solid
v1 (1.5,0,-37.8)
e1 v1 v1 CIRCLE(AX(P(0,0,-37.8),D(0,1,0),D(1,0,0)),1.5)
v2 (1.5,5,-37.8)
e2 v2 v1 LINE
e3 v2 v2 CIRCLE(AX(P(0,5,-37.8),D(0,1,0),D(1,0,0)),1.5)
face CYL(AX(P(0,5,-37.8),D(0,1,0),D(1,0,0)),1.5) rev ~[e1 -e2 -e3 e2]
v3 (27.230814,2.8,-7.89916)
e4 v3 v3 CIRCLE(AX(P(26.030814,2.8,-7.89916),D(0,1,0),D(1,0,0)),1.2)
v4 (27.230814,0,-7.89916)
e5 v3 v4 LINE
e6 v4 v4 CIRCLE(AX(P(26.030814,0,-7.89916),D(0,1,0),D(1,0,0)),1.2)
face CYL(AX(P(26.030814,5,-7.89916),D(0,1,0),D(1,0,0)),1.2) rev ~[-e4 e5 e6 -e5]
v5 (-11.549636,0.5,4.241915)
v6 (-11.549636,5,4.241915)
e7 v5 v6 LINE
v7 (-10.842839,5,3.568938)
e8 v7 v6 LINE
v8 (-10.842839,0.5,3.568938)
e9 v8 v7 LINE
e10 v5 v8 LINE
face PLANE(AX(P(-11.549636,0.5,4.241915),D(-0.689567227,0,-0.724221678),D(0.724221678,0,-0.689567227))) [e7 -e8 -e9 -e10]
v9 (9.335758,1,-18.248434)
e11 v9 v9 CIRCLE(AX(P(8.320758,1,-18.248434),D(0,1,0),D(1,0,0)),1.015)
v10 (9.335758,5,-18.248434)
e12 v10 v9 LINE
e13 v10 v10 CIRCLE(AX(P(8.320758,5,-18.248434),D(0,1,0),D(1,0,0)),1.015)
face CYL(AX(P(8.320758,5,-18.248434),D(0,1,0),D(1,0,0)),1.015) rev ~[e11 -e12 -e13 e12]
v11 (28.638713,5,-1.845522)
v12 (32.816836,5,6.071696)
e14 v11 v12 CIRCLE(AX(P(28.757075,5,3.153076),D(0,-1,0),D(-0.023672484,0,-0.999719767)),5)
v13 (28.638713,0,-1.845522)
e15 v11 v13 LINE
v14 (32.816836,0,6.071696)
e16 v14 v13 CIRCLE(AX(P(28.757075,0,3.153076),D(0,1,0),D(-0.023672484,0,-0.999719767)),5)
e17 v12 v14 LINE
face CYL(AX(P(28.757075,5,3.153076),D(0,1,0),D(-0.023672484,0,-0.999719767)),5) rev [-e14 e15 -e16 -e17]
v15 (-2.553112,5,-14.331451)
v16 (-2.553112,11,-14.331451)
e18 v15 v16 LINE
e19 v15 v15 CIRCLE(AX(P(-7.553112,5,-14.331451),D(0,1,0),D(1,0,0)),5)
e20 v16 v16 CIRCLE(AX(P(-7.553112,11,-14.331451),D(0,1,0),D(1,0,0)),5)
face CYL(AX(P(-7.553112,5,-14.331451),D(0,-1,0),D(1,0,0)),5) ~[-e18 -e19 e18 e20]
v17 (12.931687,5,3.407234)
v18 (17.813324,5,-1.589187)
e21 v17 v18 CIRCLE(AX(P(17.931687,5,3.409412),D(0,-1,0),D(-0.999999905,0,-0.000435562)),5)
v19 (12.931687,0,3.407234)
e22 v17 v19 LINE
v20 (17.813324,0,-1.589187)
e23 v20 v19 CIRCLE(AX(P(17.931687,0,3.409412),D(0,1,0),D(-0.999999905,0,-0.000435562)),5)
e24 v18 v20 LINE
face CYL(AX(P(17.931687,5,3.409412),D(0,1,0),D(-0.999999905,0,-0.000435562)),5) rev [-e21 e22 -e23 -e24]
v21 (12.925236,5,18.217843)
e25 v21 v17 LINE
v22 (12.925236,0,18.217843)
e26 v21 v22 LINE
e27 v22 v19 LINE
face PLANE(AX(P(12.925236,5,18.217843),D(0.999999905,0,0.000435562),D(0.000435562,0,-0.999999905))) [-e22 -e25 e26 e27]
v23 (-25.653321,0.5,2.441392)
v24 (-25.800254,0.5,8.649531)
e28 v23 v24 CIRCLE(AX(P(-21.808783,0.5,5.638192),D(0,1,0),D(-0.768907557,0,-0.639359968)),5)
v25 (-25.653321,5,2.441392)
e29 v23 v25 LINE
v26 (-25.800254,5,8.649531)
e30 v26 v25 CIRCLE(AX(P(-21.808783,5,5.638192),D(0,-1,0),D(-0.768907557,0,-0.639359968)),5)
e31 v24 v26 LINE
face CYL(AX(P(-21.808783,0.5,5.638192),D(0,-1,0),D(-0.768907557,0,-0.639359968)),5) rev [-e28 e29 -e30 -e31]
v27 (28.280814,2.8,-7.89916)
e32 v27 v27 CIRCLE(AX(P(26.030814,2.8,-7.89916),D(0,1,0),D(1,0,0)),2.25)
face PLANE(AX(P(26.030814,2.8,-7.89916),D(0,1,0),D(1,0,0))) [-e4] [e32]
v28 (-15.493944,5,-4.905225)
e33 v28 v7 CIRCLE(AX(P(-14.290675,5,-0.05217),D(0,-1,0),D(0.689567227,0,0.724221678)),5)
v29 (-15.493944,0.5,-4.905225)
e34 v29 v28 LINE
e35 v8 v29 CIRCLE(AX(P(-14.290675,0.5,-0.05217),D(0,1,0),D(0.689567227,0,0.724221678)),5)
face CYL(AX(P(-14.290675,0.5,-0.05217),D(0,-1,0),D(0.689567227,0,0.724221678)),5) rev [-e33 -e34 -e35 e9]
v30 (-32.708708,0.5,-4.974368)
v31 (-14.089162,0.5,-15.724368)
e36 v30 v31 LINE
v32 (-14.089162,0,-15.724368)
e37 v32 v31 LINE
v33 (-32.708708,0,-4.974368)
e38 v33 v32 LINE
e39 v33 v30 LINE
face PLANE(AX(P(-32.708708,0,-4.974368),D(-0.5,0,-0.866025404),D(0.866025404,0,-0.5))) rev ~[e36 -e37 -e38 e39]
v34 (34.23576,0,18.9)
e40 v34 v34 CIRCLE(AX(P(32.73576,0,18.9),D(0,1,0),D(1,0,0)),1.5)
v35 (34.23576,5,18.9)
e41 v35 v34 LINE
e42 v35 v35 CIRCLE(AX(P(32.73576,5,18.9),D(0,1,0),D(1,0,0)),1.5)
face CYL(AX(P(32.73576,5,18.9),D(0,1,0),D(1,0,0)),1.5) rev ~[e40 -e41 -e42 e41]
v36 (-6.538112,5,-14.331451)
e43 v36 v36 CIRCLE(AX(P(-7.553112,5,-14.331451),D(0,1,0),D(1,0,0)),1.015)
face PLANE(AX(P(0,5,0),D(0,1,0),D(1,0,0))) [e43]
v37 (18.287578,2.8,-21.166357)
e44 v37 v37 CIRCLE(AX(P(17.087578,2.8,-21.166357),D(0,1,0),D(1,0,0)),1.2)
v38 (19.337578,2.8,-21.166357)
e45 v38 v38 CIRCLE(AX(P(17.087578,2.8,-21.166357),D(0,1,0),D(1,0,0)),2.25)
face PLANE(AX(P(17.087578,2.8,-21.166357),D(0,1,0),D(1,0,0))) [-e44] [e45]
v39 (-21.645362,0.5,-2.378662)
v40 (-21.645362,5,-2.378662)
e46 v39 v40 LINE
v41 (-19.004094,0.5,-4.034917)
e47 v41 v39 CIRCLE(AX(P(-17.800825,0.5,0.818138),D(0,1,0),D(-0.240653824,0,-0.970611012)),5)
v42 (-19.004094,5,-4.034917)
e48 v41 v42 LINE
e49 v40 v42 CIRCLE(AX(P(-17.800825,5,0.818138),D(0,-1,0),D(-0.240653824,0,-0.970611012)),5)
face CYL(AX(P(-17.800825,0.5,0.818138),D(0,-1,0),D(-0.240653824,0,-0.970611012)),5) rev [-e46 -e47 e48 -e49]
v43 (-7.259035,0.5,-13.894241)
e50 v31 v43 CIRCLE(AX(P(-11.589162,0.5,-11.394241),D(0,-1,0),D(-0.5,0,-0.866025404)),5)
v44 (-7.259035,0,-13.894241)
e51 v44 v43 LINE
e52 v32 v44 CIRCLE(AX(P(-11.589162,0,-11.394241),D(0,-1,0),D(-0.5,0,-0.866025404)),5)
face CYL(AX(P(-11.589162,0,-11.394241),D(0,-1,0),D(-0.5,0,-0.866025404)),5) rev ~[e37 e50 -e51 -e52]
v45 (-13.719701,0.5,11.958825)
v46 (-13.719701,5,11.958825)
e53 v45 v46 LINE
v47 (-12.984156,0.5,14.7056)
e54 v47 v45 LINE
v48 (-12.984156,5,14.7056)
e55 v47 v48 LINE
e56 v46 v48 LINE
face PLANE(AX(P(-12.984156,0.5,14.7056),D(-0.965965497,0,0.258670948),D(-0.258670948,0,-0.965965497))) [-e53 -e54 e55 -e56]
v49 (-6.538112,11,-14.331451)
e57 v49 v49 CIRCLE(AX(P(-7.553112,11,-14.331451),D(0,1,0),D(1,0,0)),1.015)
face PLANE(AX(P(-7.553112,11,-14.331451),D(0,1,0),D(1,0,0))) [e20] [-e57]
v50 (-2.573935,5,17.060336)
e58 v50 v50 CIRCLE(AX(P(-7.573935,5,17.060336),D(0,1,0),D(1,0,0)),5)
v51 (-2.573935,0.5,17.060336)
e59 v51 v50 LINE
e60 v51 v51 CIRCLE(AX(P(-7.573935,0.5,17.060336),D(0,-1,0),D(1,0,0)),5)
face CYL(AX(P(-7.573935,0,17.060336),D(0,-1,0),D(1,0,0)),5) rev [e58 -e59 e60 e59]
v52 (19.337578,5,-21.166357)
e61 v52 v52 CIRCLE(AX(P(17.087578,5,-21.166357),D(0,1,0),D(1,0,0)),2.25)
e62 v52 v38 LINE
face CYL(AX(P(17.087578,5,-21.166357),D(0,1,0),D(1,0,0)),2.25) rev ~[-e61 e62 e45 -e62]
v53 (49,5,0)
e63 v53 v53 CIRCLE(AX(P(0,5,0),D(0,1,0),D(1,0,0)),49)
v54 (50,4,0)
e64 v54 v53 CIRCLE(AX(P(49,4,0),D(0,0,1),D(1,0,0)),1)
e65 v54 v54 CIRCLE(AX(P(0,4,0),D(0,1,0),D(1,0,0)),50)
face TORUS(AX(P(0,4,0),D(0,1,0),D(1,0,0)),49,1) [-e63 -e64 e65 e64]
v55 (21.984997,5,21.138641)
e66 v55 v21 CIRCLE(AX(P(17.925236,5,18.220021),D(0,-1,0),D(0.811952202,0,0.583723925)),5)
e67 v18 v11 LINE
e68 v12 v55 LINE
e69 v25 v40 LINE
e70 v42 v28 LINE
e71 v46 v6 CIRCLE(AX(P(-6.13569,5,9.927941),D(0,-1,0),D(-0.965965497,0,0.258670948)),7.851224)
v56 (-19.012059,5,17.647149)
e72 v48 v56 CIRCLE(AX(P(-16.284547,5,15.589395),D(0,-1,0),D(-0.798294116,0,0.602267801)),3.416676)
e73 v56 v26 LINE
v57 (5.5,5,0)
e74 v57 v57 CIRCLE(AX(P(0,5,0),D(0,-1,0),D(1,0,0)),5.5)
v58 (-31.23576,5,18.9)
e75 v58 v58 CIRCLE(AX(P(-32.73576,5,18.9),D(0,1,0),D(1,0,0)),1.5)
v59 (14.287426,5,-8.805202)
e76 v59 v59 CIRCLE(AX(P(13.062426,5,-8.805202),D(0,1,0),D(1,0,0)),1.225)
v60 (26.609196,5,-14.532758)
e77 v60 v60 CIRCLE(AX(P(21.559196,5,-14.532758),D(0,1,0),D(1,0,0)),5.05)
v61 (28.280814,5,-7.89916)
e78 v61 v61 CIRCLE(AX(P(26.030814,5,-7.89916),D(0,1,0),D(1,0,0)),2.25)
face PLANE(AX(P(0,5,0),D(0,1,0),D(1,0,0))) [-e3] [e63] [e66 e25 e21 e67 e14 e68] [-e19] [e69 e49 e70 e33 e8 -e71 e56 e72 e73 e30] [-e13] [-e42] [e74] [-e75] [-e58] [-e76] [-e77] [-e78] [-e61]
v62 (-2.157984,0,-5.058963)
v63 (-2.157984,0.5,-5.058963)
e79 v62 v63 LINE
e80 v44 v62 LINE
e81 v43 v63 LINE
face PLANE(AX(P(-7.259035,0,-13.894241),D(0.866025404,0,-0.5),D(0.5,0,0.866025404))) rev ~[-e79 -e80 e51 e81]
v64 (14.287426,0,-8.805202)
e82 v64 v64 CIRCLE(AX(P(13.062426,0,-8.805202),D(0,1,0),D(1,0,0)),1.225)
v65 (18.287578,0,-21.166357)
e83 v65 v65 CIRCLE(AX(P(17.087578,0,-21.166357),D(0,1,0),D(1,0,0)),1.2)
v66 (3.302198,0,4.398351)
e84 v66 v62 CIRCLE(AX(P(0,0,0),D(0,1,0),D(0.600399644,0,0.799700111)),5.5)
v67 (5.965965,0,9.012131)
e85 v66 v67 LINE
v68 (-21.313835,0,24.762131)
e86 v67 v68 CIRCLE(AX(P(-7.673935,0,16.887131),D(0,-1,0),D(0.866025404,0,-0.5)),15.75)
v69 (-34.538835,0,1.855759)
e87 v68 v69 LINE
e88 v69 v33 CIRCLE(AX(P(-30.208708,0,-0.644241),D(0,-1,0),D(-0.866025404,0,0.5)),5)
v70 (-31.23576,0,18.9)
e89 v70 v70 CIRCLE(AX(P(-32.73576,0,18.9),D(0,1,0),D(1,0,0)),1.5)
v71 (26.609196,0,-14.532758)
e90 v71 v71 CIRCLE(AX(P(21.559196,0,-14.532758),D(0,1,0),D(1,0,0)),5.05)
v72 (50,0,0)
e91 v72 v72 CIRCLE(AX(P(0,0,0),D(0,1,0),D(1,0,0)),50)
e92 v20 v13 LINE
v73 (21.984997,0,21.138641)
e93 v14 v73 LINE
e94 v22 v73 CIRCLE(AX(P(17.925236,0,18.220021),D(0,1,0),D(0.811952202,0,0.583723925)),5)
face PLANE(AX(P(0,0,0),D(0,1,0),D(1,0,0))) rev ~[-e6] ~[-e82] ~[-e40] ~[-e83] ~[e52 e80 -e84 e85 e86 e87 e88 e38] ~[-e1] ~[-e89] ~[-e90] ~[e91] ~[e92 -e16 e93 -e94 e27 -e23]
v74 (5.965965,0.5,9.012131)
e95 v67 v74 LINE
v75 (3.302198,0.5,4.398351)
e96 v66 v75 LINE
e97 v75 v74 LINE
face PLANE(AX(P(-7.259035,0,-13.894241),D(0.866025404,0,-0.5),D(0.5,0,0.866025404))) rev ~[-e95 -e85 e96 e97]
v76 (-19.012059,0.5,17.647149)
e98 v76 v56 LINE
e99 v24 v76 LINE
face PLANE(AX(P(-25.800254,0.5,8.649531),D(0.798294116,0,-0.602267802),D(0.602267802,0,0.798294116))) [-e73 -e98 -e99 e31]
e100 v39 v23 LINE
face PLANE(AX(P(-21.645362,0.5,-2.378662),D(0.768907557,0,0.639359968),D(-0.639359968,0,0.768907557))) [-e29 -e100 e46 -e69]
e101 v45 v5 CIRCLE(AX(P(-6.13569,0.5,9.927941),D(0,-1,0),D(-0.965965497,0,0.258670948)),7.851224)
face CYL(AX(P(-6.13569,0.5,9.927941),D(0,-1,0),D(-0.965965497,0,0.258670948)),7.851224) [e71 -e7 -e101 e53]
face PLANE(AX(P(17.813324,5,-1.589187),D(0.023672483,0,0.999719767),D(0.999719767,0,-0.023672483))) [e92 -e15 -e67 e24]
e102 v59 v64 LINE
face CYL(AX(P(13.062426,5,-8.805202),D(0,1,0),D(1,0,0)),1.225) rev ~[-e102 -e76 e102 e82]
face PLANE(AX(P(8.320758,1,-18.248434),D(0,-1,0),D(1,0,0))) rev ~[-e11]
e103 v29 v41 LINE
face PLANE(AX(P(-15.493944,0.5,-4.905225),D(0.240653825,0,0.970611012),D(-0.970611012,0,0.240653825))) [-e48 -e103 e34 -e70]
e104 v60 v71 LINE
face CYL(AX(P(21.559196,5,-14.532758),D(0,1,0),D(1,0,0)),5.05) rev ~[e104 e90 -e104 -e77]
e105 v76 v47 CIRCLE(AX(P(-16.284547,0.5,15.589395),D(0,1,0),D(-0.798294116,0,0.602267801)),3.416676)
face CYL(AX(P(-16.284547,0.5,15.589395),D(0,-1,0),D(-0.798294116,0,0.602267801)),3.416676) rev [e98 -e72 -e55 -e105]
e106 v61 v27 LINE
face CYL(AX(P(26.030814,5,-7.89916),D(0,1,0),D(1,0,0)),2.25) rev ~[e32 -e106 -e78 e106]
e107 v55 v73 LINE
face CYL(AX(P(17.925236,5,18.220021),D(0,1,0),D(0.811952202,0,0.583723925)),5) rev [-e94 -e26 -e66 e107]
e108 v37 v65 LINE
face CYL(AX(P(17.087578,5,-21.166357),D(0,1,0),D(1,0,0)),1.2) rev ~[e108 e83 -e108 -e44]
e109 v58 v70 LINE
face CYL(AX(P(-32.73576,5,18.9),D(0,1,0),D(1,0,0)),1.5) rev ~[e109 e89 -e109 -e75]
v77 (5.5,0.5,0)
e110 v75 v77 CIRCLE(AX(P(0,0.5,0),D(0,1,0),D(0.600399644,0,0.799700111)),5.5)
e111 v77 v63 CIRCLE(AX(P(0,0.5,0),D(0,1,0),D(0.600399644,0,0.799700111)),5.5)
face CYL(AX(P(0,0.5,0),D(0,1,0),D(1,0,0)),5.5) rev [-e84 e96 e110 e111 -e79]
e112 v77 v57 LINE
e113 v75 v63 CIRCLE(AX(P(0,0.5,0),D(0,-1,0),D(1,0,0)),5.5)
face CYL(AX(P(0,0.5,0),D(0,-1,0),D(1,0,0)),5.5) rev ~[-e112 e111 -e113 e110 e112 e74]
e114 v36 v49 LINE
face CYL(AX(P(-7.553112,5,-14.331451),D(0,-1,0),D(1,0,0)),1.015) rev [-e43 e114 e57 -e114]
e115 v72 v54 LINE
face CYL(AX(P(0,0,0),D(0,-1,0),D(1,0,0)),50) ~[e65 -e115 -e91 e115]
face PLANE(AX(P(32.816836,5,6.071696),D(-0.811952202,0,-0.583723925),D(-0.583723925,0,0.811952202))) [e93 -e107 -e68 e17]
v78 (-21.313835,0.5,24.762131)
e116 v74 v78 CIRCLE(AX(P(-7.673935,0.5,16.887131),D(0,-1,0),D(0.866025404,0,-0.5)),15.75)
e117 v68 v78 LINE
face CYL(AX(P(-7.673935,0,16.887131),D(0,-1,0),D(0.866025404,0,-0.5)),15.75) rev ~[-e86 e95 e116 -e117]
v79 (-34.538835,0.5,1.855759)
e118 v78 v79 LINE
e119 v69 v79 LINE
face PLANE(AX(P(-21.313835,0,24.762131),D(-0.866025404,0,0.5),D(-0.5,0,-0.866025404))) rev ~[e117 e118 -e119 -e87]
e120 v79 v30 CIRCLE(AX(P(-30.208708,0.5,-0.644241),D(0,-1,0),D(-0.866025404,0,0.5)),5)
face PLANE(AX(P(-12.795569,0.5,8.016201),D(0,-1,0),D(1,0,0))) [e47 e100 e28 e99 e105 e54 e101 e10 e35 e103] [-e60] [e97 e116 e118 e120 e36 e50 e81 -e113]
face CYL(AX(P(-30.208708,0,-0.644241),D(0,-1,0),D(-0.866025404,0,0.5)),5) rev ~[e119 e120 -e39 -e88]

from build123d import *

# Parameters (mm, degrees)
SKETCH1_R                = 50
SKETCH1_R_2              = 5
BOSS_EXTRUDE1_DEPTH      = 5
SKETCH2_R                = 1.2
SKETCH2_R_2              = 1.225
SKETCH2_R_3              = 5.05
SKETCH2_R_4              = 1.015
CUT_EXTRUDE1_DEPTH       = 10
SKETCH5_R                = 5
SKETCH5_R_2              = 1.015
BOSS_EXTRUDE2_DEPTH      = 6
SKETCH9_R                = 2.357259082
BOSS_EXTRUDE4_DEPTH      = 1
FILLET1_R                = 1
SKETCH10_R               = 1.5
CUT_EXTRUDE3_DEPTH       = 2.2
CUT_EXTRUDE3_DEPTH_BACK  = 16
CUT_EXTRUDE6_DEPTH       = 0.5
CUT_EXTRUDE7_DEPTH       = 10
CUT_EXTRUDE9_DEPTH       = 10
CUT_EXTRUDE9_DEPTH_BACK  = 10
SKETCH17_R               = 5.5
CUT_EXTRUDE10_DEPTH      = 10
CUT_EXTRUDE10_DEPTH_BACK = 10
SKETCH18_R               = 2.25
CUT_EXTRUDE11_DEPTH      = 2.2


with BuildPart() as part:
    # Sketch1 → Boss-Extrude1 (new body)
    with BuildSketch(Plane(origin=(0, 0, 0), x_dir=(1, 0, 0), z_dir=(0, 1, 0))):
        Circle(SKETCH1_R)
        with Locations((-7.573934673, -17.06033615)):
            Circle(SKETCH1_R_2, mode=Mode.SUBTRACT)
    extrude(amount=BOSS_EXTRUDE1_DEPTH)

    # Sketch2 → Cut-Extrude1 (cut)
    with BuildSketch(Plane(origin=(0, 5, 0), x_dir=(1, 0, 0), z_dir=(0, 1, 0))):
        with Locations((26.030814012, 7.899159566)):
            Circle(SKETCH2_R)
        with Locations((17.087578103, 21.16635714)):
            Circle(SKETCH2_R)
        with Locations((13.062426036, 8.805202225)):
            Circle(SKETCH2_R_2)
        with Locations((21.559196058, 14.532758353)):
            Circle(SKETCH2_R_3)
        with Locations((8.320757608, 18.248434254)):
            Circle(SKETCH2_R_4)
    extrude(amount=-CUT_EXTRUDE1_DEPTH, mode=Mode.SUBTRACT)

    # Sketch5 → Boss-Extrude2 (add)
    with BuildSketch(Plane(origin=(0, 5, 0), x_dir=(1, 0, 0), z_dir=(0, 1, 0))):
        with Locations((-7.55311225, 14.331451264)):
            Circle(SKETCH5_R)
        with Locations((-7.55311225, 14.331451264)):
            Circle(SKETCH5_R_2, mode=Mode.SUBTRACT)
    extrude(amount=BOSS_EXTRUDE2_DEPTH)

    # Sketch9 → Boss-Extrude4 (add)
    with BuildSketch(Plane.XZ):
        with Locations((8.320757608, -18.248434254)):
            Circle(SKETCH9_R)
    extrude(amount=-BOSS_EXTRUDE4_DEPTH)

    # Fillet1
    fillet1_edges = [part.edges().sort_by_distance(p)[0] for p in [
        (-50, 5, 0),
    ]]
    fillet(fillet1_edges, radius=FILLET1_R)

    # Sketch10 → Cut-Extrude3 (cut, two sides)
    with BuildSketch(Plane(origin=(0, 5, 0), x_dir=(1, 0, 0), z_dir=(0, 1, 0))) as cut_extrude3_sk:
        with Locations((0, 37.8)):
            Circle(SKETCH10_R)
        with Locations((-32.735760263, -18.9)):
            Circle(SKETCH10_R)
        with Locations((32.735760263, -18.9)):
            Circle(SKETCH10_R)
    extrude(amount=CUT_EXTRUDE3_DEPTH, mode=Mode.SUBTRACT)
    extrude(cut_extrude3_sk.sketch, amount=-CUT_EXTRUDE3_DEPTH_BACK, mode=Mode.SUBTRACT)

    # Sketch12 → Cut-Extrude6 (cut)
    with BuildSketch(Plane.XZ):
        with BuildLine():
            Line((-21.313834783, 24.76213107), (-34.538834783, 1.855759139))
            ThreePointArc((-34.538834783, 1.855759139), (-35.038336896, -1.938336086), (-32.708707764, -4.974367879))
            Line((-32.708707764, -4.974367879), (-14.089161583, -15.724367879))
            ThreePointArc((-14.089161583, -15.724367879), (-10.295066357, -16.223869992), (-7.259034564, -13.894240861))
            Line((-7.259034564, -13.894240861), (5.965965436, 9.01213107))
            ThreePointArc((5.965965436, 9.01213107), (0.201065327, 30.527031179), (-21.313834783, 24.76213107))
        make_face()
    extrude(amount=-CUT_EXTRUDE6_DEPTH, mode=Mode.SUBTRACT)

    # Sketch13 → Cut-Extrude7 (cut)
    with BuildSketch(Plane(origin=(0, 5, 0), x_dir=(1, 0, 0), z_dir=(0, 1, 0))):
        with BuildLine():
            Line((32.816836472, -6.07169605), (21.984996749, -21.138640776))
            ThreePointArc((21.984996749, -21.138640776), (16.391033491, -22.978825985), (12.925236211, -18.21784334))
            Line((12.925236211, -18.21784334), (12.931687147, -3.407234286))
            ThreePointArc((12.931687147, -3.407234286), (14.35531099, 0.084802692), (17.813324255, 1.589186743))
            Line((17.813324255, 1.589186743), (28.638713042, 1.845522414))
            ThreePointArc((28.638713042, 1.845522414), (33.179093412, -0.819461796), (32.816836472, -6.07169605))
        make_face()
    extrude(amount=-CUT_EXTRUDE7_DEPTH, mode=Mode.SUBTRACT)

    # Sketch16 → Cut-Extrude9 (cut, two sides)
    with BuildSketch(Plane.XZ.offset(-0.5)) as cut_extrude9_sk:
        with BuildLine():
            Line((-12.984156175, 14.705600426), (-13.719701132, 11.95882482))
            ThreePointArc((-13.719701132, 11.95882482), (-13.693758532, 7.802544191), (-11.54963643, 4.241914739))
            Line((-11.54963643, 4.241914739), (-10.842839117, 3.568938111))
            ThreePointArc((-10.842839117, 3.568938111), (-9.907482144, -2.457917187), (-15.493944375, -4.905225341))
            Line((-15.493944375, -4.905225341), (-19.004093622, -4.034917019))
            ThreePointArc((-19.004093622, -4.034917019), (-20.457115896, -3.417911536), (-21.645362284, -2.3786618))
            Line((-21.645362284, -2.3786618), (-25.653320737, 2.441392154))
            ThreePointArc((-25.653320737, 2.441392154), (-26.807383132, 5.519886283), (-25.80025353, 8.649531003))
            Line((-25.80025353, 8.649531003), (-19.012059198, 17.647148968))
            ThreePointArc((-19.012059198, 17.647148968), (-14.786139745, 18.659973084), (-12.984156175, 14.705600426))
        make_face()
    extrude(amount=CUT_EXTRUDE9_DEPTH, mode=Mode.SUBTRACT)
    extrude(cut_extrude9_sk.sketch, amount=-CUT_EXTRUDE9_DEPTH_BACK, mode=Mode.SUBTRACT)

    # Sketch17 → Cut-Extrude10 (cut, two sides)
    with BuildSketch(Plane.XZ.offset(-0.5)) as cut_extrude10_sk:
        Circle(SKETCH17_R)
    extrude(amount=CUT_EXTRUDE10_DEPTH, mode=Mode.SUBTRACT)
    extrude(cut_extrude10_sk.sketch, amount=-CUT_EXTRUDE10_DEPTH_BACK, mode=Mode.SUBTRACT)

    # Sketch18 → Cut-Extrude11 (cut)
    with BuildSketch(Plane(origin=(0, 5, 0), x_dir=(1, 0, 0), z_dir=(0, 1, 0))):
        with Locations((17.087578103, 21.16635714)):
            Circle(SKETCH18_R)
        with Locations((26.030814012, 7.899159566)):
            Circle(SKETCH18_R)
    extrude(amount=-CUT_EXTRUDE11_DEPTH, mode=Mode.SUBTRACT)


solid = part.part
